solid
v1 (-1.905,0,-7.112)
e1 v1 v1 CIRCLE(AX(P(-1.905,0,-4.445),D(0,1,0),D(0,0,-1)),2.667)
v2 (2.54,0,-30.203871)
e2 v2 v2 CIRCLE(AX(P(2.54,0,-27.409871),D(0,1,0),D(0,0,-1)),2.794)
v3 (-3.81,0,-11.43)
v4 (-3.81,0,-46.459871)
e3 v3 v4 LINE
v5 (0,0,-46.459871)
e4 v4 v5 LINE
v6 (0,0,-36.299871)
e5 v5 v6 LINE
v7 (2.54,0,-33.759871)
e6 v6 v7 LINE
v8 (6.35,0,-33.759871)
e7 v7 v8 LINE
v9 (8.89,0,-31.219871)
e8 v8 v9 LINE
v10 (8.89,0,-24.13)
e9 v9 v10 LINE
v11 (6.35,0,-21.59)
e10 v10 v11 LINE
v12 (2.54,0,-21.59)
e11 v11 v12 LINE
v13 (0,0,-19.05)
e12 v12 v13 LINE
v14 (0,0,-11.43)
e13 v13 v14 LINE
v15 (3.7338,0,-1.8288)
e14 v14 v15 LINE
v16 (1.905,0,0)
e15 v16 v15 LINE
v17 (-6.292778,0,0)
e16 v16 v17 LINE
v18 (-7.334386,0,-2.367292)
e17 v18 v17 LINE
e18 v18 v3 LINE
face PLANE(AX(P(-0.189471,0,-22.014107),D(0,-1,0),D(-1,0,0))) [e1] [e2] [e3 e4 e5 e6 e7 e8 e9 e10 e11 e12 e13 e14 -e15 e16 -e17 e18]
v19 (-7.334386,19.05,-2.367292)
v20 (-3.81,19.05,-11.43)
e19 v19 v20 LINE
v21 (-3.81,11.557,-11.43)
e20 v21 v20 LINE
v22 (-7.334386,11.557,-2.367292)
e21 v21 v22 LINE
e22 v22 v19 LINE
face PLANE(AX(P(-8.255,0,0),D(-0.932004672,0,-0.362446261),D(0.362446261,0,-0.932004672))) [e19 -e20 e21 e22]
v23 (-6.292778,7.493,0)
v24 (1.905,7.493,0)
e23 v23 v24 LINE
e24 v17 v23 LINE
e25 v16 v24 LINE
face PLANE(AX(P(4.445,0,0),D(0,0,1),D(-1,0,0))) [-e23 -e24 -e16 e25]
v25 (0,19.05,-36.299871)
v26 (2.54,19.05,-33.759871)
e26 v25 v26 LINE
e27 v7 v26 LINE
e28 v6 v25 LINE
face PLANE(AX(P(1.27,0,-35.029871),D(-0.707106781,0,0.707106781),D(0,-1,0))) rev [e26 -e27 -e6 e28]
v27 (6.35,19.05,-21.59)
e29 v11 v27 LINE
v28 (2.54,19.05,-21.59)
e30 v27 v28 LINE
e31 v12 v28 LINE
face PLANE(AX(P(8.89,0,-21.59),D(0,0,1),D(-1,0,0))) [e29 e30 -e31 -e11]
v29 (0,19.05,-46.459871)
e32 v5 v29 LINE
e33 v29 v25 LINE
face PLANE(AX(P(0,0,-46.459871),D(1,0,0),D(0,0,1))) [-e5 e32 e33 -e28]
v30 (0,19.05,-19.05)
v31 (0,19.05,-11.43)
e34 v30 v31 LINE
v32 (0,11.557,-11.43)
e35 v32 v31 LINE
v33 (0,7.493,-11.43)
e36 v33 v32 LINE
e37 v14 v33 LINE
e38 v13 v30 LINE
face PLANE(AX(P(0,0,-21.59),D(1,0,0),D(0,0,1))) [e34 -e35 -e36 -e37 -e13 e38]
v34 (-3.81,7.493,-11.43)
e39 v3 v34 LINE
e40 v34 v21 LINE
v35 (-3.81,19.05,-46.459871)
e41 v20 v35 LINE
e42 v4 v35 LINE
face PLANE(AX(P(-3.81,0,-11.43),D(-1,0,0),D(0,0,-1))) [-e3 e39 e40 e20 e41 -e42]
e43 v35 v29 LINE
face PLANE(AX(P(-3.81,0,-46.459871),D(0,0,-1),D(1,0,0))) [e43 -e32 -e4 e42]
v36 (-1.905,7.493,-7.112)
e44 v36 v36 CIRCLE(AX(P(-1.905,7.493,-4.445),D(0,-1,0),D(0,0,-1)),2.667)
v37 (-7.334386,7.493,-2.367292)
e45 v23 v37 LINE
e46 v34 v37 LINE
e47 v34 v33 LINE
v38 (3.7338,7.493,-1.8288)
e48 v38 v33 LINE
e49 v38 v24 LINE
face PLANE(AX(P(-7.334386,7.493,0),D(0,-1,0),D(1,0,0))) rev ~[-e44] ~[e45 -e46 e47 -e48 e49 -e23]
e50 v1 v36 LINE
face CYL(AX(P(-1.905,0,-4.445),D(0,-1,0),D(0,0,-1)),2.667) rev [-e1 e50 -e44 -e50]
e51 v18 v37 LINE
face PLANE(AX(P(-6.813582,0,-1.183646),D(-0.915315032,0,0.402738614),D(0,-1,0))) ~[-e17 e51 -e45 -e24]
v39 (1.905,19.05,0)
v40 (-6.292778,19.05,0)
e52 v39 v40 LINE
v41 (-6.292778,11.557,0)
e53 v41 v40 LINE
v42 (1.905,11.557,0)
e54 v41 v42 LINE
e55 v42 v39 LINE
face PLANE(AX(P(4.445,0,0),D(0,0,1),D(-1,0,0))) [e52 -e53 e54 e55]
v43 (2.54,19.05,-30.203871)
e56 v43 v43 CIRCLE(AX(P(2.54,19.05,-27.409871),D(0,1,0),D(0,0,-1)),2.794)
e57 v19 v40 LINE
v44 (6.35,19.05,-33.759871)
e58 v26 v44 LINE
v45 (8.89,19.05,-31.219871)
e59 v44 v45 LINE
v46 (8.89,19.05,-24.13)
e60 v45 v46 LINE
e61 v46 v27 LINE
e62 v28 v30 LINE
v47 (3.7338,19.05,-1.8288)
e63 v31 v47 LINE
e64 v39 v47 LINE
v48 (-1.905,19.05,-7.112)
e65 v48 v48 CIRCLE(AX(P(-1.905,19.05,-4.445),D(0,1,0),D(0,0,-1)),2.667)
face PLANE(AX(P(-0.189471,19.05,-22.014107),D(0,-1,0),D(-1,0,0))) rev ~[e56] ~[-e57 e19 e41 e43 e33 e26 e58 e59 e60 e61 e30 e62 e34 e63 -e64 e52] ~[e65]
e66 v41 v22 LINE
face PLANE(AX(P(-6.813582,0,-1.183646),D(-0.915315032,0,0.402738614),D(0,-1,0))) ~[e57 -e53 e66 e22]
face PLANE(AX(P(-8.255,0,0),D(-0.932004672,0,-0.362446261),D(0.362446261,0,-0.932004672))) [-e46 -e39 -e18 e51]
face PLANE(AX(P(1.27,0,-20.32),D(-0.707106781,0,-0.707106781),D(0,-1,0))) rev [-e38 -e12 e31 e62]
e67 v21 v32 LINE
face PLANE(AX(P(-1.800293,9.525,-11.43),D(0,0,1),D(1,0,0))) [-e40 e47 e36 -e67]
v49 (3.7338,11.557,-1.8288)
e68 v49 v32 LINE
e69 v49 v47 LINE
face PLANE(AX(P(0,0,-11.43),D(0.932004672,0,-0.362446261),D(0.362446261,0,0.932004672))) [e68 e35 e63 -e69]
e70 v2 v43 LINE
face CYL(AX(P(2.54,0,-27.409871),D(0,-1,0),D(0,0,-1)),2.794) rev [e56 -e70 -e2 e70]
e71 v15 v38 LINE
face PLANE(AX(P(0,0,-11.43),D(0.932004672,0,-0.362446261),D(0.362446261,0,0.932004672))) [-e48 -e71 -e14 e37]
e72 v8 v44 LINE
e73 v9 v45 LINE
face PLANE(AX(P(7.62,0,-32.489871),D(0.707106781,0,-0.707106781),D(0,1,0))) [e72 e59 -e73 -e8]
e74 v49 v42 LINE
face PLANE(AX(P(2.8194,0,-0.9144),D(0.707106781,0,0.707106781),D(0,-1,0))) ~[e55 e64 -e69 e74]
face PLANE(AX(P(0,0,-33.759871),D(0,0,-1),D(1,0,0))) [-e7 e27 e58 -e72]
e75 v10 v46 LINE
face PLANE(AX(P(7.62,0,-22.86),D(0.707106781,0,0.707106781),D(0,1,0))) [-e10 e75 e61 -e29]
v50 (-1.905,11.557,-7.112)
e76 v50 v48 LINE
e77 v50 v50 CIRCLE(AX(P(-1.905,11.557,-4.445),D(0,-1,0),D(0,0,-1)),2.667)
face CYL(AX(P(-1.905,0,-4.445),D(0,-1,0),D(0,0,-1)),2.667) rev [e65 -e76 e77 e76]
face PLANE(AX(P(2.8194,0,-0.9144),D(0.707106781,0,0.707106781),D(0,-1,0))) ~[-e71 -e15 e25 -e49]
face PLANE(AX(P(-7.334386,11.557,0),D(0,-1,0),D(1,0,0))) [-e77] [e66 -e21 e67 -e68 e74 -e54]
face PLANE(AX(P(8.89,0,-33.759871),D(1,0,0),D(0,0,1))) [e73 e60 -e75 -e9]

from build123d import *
from OCP.BRepFilletAPI import BRepFilletAPI_MakeChamfer

# Parameters (mm, degrees)
SKETCH1_R           = 2.794
SKETCH1_R_2         = 2.667
BOSS_EXTRUDE1_DEPTH = 19.05
CHAMFER1_SIZE       = 2.54
CHAMFER2_SIZE       = 2.54
CHAMFER2_SIZE2      = 1.962221924
SKETCH2_W           = 11.068186497
SKETCH2_H           = 4.064
NOTCH_DEPTH         = 11.43


with BuildPart() as part:
    # Sketch1 → Boss-Extrude1 (new body)
    with BuildSketch(Plane(origin=(0, 0, 0), x_dir=(1, 0, 0), z_dir=(0, 1, 0))):
        Polygon((-3.81, 46.459871133), (0, 46.459871133), (0, 33.759871133), (8.89, 33.759871133), (8.89, 21.59), (0, 21.59), (0, 11.43), (4.445, 0), (-8.255, 0), (-3.81, 11.43), align=None)
        with Locations(Location((2.54, 27.409871133, 0), (0, 0, 90))):
            Circle(SKETCH1_R, mode=Mode.SUBTRACT)
        with Locations(Location((-1.905, 4.445, 0), (0, 0, 90))):
            Circle(SKETCH1_R_2, mode=Mode.SUBTRACT)
    extrude(amount=BOSS_EXTRUDE1_DEPTH)

    # Chamfer1
    chamfer1_edges = [part.edges().sort_by_distance(p)[0] for p in [
        (0, 9.525, -21.59),
        (8.89, 9.525, -21.59),
        (8.89, 9.525, -33.759871133),
        (0, 9.525, -33.759871133),
    ]]
    chamfer(chamfer1_edges, length=CHAMFER1_SIZE)

    # Chamfer2: one chamfer whose edges measure the first distance from different faces: ONE call of the kernel's chamfer builder (chamfer() names one face for all edges)
    chamfer2_edges_1 = [part.edges().sort_by_distance(p)[0] for p in [
        (4.445, 9.525, 0),
    ]]
    chamfer2_side_1 = [part.faces().sort_by_distance(p)[0] for p in [
        (-1.905, 9.525, 0),
    ]]
    chamfer2_edges_2 = [part.edges().sort_by_distance(p)[0] for p in [
        (-8.255, 9.525, 0),
    ]]
    chamfer2_side_2 = [part.faces().sort_by_distance(p)[0] for p in [
        (-6.0325, 9.525, -5.715),
    ]]
    chamfer2 = BRepFilletAPI_MakeChamfer(part.part.solid().wrapped)
    for e in chamfer2_edges_1:
        chamfer2.Add(CHAMFER2_SIZE, CHAMFER2_SIZE2, e.wrapped, chamfer2_side_1[0].wrapped)  # the first distance lies on this face
    for e in chamfer2_edges_2:
        chamfer2.Add(CHAMFER2_SIZE, CHAMFER2_SIZE2, e.wrapped, chamfer2_side_2[0].wrapped)  # the first distance lies on this face
    add(Compound.cast(chamfer2.Shape()), mode=Mode.REPLACE)

    # Sketch2 → notch (cut)
    with BuildSketch(Plane.XY):
        with Locations((-1.800293249, 9.525)):
            Rectangle(SKETCH2_W, SKETCH2_H)
    extrude(amount=-NOTCH_DEPTH, mode=Mode.SUBTRACT)


solid = part.part
